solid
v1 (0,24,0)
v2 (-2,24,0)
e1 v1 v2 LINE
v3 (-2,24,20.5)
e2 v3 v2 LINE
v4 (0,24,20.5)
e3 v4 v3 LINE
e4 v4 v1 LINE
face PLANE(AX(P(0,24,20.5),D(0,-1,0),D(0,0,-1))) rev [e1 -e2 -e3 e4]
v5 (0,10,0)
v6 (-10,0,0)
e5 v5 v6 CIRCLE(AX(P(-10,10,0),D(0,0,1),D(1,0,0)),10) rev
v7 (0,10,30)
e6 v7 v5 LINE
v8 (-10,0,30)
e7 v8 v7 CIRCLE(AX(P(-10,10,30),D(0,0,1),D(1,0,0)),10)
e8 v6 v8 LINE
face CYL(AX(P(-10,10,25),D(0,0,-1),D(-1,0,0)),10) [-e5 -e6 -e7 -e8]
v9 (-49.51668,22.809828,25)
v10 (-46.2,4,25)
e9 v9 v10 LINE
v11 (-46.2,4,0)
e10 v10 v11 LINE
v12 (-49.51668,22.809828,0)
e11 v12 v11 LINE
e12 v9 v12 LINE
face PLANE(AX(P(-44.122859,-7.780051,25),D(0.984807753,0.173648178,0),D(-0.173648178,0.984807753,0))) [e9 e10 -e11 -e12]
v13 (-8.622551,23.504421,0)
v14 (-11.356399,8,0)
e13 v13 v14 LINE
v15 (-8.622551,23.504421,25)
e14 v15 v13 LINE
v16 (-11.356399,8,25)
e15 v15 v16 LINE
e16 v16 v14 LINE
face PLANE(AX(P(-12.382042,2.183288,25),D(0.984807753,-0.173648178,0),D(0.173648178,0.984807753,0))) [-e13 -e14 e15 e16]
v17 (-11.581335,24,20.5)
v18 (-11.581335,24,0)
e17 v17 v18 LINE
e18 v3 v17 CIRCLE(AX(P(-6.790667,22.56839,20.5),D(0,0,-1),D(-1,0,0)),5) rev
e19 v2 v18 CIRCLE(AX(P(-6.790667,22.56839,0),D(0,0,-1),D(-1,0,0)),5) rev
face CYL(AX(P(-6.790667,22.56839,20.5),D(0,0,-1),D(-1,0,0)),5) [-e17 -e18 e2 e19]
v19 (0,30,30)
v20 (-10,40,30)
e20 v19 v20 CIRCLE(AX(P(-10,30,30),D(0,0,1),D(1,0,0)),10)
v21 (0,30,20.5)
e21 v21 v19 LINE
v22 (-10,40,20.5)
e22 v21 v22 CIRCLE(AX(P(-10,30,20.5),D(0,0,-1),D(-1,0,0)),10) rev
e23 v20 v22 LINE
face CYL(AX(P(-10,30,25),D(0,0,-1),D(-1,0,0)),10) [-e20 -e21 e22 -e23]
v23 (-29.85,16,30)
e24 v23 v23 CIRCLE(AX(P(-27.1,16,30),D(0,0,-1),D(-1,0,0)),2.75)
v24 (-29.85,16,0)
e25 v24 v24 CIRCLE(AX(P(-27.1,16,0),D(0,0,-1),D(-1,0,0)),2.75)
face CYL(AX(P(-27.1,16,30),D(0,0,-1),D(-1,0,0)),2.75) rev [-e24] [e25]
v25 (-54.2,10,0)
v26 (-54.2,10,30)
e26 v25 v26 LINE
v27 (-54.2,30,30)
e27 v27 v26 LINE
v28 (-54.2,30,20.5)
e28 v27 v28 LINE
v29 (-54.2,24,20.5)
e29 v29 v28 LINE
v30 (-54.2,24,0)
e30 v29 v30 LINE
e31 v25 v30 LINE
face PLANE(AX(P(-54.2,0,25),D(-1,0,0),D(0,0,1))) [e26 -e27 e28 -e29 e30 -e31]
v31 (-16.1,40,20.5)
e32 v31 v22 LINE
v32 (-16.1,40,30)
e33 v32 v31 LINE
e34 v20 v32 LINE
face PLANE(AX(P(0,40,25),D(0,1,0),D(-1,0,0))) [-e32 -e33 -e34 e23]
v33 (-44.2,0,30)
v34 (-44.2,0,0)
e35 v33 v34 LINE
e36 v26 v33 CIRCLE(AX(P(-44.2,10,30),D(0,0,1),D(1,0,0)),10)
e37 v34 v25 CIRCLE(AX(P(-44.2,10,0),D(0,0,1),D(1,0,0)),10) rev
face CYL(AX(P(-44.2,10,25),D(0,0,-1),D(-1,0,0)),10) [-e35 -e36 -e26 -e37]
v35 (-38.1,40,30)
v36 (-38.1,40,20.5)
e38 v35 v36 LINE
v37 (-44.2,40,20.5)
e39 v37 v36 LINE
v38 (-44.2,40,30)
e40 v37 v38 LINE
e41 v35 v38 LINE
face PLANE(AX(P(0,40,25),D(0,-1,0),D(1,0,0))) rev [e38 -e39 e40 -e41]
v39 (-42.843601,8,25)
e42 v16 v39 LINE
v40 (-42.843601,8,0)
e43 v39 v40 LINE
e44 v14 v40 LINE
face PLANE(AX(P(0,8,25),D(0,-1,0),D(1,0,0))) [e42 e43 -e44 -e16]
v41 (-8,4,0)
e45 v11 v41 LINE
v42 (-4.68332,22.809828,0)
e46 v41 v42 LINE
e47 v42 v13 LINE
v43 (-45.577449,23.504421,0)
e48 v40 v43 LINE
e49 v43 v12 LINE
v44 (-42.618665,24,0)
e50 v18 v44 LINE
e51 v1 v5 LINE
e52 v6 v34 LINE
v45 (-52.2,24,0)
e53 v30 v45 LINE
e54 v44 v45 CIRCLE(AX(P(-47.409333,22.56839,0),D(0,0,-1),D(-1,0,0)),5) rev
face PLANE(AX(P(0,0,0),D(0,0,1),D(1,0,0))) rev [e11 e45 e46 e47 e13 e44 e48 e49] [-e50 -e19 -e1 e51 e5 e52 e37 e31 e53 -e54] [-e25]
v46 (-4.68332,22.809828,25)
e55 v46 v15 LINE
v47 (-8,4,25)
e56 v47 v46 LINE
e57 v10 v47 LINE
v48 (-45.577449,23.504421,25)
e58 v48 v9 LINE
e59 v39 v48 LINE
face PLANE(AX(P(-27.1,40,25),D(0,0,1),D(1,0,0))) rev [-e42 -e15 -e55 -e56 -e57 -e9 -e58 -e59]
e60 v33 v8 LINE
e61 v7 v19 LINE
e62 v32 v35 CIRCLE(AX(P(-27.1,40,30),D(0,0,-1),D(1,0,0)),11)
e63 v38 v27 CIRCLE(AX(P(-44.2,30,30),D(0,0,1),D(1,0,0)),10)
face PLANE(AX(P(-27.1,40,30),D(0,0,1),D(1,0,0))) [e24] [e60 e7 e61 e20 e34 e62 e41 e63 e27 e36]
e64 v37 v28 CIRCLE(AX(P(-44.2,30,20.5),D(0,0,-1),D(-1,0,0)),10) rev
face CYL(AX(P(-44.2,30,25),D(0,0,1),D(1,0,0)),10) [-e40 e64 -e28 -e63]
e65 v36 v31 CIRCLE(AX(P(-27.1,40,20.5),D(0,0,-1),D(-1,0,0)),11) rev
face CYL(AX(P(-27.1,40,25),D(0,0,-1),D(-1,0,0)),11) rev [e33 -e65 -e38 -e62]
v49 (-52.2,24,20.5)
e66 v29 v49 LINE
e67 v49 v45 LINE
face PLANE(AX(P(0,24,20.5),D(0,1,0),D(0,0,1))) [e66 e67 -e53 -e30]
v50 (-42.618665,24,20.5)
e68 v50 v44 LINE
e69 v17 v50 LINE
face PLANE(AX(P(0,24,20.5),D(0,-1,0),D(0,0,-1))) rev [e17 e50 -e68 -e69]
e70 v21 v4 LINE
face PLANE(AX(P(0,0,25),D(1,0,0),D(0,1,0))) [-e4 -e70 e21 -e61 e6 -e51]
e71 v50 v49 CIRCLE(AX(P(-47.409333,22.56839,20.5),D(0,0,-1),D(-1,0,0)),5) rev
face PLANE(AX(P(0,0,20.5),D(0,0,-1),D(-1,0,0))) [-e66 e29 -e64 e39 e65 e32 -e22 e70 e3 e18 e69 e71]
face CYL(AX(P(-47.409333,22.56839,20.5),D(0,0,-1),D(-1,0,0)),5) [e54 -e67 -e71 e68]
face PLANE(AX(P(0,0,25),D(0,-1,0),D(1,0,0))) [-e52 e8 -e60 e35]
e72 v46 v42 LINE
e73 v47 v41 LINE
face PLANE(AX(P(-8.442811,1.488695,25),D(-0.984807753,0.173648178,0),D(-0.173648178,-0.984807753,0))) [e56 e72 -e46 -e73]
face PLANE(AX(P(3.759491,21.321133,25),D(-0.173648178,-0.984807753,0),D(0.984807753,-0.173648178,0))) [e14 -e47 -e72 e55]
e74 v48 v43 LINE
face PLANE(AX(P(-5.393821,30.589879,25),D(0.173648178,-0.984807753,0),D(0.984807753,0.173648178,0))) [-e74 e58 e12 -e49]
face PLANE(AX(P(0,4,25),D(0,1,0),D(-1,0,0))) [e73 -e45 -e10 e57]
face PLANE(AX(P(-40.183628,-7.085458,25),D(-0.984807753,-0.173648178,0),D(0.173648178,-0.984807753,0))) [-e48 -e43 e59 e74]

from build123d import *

# Parameters (mm, degrees)
SKETCH1_W           = 54.2
SKETCH1_H           = 25
BOSS_EXTRUDE1_DEPTH = 25
BOSS_EXTRUDE2_DEPTH = 5
FILLET1_R           = 10
FILLET2_R           = 10
CUT_EXTRUDE1_DEPTH  = 20.5
SKETCH5_R           = 2.75
CUT_EXTRUDE2_DEPTH  = 30


with BuildPart() as part:
    # Sketch1 → Boss-Extrude1 (new body)
    with BuildSketch(Plane.XY):
        with Locations((-27.1, 12.5)):
            Rectangle(SKETCH1_W, SKETCH1_H)
        Polygon((-46.2, 4), (-49.516680193, 22.809828083), (-45.577449181, 23.504420793), (-42.843601475, 8), (-11.356398525, 8), (-8.622550819, 23.504420793), (-4.683319807, 22.809828083), (-8, 4), align=None, mode=Mode.SUBTRACT)
        with BuildLine():
            Line((-54.2, 25), (0, 25))
            Line((0, 25), (0, 40))
            Line((0, 40), (-16.1, 40))
            ThreePointArc((-16.1, 40), (-27.1, 29), (-38.1, 40))
            Line((-38.1, 40), (-54.2, 40))
            Line((-54.2, 40), (-54.2, 25))
        make_face()
    extrude(amount=BOSS_EXTRUDE1_DEPTH)

    # Sketch2 → Boss-Extrude2 (add)
    with BuildSketch(Plane.XY.offset(25)):
        with BuildLine():
            Line((-54.2, 40), (-54.2, 0))
            Line((-54.2, 0), (0, 0))
            Line((0, 0), (0, 40))
            Line((0, 40), (-16.1, 40))
            ThreePointArc((-16.1, 40), (-27.1, 29), (-38.1, 40))
            Line((-38.1, 40), (-54.2, 40))
        make_face()
    extrude(amount=BOSS_EXTRUDE2_DEPTH)

    # Fillet1
    fillet1_edges = [part.edges().sort_by_distance(p)[0] for p in [
        (0, 0, 15),
        (-54.2, 0, 15),
    ]]
    fillet(fillet1_edges, radius=FILLET1_R)

    # Fillet2
    fillet2_edges = [part.edges().sort_by_distance(p)[0] for p in [
        (-54.2, 40, 15),
        (0, 40, 15),
    ]]
    fillet(fillet2_edges, radius=FILLET2_R)

    # Sketch4 → Cut-Extrude1 (cut)
    with BuildSketch(Plane(origin=(0, 0, 0), x_dir=(-1, 0, 0), z_dir=(0, 0, -1))):
        with BuildLine():
            ThreePointArc((38.1, 40), (27.1, 29), (16.1, 40))
            Line((16.1, 40), (0, 40))
            Line((0, 40), (0, 24))
            Line((0, 24), (2, 24))
            ThreePointArc((2, 24), (6.790667282, 27.568390069), (11.581334564, 24))
            Line((11.581334564, 24), (42.618665436, 24))
            ThreePointArc((42.618665436, 24), (47.409332718, 27.568390069), (52.2, 24))
            Line((52.2, 24), (54.2, 24))
            Line((54.2, 24), (54.2, 40))
            Line((54.2, 40), (38.1, 40))
        make_face()
    extrude(amount=-CUT_EXTRUDE1_DEPTH, mode=Mode.SUBTRACT)

    # Sketch5 → Cut-Extrude2 (cut)
    with BuildSketch(Plane(origin=(0, 0, 0), x_dir=(-1, 0, 0), z_dir=(0, 0, -1))):
        with Locations((27.1, 16)):
            Circle(SKETCH5_R)
    extrude(amount=-CUT_EXTRUDE2_DEPTH, mode=Mode.SUBTRACT)


solid = part.part
